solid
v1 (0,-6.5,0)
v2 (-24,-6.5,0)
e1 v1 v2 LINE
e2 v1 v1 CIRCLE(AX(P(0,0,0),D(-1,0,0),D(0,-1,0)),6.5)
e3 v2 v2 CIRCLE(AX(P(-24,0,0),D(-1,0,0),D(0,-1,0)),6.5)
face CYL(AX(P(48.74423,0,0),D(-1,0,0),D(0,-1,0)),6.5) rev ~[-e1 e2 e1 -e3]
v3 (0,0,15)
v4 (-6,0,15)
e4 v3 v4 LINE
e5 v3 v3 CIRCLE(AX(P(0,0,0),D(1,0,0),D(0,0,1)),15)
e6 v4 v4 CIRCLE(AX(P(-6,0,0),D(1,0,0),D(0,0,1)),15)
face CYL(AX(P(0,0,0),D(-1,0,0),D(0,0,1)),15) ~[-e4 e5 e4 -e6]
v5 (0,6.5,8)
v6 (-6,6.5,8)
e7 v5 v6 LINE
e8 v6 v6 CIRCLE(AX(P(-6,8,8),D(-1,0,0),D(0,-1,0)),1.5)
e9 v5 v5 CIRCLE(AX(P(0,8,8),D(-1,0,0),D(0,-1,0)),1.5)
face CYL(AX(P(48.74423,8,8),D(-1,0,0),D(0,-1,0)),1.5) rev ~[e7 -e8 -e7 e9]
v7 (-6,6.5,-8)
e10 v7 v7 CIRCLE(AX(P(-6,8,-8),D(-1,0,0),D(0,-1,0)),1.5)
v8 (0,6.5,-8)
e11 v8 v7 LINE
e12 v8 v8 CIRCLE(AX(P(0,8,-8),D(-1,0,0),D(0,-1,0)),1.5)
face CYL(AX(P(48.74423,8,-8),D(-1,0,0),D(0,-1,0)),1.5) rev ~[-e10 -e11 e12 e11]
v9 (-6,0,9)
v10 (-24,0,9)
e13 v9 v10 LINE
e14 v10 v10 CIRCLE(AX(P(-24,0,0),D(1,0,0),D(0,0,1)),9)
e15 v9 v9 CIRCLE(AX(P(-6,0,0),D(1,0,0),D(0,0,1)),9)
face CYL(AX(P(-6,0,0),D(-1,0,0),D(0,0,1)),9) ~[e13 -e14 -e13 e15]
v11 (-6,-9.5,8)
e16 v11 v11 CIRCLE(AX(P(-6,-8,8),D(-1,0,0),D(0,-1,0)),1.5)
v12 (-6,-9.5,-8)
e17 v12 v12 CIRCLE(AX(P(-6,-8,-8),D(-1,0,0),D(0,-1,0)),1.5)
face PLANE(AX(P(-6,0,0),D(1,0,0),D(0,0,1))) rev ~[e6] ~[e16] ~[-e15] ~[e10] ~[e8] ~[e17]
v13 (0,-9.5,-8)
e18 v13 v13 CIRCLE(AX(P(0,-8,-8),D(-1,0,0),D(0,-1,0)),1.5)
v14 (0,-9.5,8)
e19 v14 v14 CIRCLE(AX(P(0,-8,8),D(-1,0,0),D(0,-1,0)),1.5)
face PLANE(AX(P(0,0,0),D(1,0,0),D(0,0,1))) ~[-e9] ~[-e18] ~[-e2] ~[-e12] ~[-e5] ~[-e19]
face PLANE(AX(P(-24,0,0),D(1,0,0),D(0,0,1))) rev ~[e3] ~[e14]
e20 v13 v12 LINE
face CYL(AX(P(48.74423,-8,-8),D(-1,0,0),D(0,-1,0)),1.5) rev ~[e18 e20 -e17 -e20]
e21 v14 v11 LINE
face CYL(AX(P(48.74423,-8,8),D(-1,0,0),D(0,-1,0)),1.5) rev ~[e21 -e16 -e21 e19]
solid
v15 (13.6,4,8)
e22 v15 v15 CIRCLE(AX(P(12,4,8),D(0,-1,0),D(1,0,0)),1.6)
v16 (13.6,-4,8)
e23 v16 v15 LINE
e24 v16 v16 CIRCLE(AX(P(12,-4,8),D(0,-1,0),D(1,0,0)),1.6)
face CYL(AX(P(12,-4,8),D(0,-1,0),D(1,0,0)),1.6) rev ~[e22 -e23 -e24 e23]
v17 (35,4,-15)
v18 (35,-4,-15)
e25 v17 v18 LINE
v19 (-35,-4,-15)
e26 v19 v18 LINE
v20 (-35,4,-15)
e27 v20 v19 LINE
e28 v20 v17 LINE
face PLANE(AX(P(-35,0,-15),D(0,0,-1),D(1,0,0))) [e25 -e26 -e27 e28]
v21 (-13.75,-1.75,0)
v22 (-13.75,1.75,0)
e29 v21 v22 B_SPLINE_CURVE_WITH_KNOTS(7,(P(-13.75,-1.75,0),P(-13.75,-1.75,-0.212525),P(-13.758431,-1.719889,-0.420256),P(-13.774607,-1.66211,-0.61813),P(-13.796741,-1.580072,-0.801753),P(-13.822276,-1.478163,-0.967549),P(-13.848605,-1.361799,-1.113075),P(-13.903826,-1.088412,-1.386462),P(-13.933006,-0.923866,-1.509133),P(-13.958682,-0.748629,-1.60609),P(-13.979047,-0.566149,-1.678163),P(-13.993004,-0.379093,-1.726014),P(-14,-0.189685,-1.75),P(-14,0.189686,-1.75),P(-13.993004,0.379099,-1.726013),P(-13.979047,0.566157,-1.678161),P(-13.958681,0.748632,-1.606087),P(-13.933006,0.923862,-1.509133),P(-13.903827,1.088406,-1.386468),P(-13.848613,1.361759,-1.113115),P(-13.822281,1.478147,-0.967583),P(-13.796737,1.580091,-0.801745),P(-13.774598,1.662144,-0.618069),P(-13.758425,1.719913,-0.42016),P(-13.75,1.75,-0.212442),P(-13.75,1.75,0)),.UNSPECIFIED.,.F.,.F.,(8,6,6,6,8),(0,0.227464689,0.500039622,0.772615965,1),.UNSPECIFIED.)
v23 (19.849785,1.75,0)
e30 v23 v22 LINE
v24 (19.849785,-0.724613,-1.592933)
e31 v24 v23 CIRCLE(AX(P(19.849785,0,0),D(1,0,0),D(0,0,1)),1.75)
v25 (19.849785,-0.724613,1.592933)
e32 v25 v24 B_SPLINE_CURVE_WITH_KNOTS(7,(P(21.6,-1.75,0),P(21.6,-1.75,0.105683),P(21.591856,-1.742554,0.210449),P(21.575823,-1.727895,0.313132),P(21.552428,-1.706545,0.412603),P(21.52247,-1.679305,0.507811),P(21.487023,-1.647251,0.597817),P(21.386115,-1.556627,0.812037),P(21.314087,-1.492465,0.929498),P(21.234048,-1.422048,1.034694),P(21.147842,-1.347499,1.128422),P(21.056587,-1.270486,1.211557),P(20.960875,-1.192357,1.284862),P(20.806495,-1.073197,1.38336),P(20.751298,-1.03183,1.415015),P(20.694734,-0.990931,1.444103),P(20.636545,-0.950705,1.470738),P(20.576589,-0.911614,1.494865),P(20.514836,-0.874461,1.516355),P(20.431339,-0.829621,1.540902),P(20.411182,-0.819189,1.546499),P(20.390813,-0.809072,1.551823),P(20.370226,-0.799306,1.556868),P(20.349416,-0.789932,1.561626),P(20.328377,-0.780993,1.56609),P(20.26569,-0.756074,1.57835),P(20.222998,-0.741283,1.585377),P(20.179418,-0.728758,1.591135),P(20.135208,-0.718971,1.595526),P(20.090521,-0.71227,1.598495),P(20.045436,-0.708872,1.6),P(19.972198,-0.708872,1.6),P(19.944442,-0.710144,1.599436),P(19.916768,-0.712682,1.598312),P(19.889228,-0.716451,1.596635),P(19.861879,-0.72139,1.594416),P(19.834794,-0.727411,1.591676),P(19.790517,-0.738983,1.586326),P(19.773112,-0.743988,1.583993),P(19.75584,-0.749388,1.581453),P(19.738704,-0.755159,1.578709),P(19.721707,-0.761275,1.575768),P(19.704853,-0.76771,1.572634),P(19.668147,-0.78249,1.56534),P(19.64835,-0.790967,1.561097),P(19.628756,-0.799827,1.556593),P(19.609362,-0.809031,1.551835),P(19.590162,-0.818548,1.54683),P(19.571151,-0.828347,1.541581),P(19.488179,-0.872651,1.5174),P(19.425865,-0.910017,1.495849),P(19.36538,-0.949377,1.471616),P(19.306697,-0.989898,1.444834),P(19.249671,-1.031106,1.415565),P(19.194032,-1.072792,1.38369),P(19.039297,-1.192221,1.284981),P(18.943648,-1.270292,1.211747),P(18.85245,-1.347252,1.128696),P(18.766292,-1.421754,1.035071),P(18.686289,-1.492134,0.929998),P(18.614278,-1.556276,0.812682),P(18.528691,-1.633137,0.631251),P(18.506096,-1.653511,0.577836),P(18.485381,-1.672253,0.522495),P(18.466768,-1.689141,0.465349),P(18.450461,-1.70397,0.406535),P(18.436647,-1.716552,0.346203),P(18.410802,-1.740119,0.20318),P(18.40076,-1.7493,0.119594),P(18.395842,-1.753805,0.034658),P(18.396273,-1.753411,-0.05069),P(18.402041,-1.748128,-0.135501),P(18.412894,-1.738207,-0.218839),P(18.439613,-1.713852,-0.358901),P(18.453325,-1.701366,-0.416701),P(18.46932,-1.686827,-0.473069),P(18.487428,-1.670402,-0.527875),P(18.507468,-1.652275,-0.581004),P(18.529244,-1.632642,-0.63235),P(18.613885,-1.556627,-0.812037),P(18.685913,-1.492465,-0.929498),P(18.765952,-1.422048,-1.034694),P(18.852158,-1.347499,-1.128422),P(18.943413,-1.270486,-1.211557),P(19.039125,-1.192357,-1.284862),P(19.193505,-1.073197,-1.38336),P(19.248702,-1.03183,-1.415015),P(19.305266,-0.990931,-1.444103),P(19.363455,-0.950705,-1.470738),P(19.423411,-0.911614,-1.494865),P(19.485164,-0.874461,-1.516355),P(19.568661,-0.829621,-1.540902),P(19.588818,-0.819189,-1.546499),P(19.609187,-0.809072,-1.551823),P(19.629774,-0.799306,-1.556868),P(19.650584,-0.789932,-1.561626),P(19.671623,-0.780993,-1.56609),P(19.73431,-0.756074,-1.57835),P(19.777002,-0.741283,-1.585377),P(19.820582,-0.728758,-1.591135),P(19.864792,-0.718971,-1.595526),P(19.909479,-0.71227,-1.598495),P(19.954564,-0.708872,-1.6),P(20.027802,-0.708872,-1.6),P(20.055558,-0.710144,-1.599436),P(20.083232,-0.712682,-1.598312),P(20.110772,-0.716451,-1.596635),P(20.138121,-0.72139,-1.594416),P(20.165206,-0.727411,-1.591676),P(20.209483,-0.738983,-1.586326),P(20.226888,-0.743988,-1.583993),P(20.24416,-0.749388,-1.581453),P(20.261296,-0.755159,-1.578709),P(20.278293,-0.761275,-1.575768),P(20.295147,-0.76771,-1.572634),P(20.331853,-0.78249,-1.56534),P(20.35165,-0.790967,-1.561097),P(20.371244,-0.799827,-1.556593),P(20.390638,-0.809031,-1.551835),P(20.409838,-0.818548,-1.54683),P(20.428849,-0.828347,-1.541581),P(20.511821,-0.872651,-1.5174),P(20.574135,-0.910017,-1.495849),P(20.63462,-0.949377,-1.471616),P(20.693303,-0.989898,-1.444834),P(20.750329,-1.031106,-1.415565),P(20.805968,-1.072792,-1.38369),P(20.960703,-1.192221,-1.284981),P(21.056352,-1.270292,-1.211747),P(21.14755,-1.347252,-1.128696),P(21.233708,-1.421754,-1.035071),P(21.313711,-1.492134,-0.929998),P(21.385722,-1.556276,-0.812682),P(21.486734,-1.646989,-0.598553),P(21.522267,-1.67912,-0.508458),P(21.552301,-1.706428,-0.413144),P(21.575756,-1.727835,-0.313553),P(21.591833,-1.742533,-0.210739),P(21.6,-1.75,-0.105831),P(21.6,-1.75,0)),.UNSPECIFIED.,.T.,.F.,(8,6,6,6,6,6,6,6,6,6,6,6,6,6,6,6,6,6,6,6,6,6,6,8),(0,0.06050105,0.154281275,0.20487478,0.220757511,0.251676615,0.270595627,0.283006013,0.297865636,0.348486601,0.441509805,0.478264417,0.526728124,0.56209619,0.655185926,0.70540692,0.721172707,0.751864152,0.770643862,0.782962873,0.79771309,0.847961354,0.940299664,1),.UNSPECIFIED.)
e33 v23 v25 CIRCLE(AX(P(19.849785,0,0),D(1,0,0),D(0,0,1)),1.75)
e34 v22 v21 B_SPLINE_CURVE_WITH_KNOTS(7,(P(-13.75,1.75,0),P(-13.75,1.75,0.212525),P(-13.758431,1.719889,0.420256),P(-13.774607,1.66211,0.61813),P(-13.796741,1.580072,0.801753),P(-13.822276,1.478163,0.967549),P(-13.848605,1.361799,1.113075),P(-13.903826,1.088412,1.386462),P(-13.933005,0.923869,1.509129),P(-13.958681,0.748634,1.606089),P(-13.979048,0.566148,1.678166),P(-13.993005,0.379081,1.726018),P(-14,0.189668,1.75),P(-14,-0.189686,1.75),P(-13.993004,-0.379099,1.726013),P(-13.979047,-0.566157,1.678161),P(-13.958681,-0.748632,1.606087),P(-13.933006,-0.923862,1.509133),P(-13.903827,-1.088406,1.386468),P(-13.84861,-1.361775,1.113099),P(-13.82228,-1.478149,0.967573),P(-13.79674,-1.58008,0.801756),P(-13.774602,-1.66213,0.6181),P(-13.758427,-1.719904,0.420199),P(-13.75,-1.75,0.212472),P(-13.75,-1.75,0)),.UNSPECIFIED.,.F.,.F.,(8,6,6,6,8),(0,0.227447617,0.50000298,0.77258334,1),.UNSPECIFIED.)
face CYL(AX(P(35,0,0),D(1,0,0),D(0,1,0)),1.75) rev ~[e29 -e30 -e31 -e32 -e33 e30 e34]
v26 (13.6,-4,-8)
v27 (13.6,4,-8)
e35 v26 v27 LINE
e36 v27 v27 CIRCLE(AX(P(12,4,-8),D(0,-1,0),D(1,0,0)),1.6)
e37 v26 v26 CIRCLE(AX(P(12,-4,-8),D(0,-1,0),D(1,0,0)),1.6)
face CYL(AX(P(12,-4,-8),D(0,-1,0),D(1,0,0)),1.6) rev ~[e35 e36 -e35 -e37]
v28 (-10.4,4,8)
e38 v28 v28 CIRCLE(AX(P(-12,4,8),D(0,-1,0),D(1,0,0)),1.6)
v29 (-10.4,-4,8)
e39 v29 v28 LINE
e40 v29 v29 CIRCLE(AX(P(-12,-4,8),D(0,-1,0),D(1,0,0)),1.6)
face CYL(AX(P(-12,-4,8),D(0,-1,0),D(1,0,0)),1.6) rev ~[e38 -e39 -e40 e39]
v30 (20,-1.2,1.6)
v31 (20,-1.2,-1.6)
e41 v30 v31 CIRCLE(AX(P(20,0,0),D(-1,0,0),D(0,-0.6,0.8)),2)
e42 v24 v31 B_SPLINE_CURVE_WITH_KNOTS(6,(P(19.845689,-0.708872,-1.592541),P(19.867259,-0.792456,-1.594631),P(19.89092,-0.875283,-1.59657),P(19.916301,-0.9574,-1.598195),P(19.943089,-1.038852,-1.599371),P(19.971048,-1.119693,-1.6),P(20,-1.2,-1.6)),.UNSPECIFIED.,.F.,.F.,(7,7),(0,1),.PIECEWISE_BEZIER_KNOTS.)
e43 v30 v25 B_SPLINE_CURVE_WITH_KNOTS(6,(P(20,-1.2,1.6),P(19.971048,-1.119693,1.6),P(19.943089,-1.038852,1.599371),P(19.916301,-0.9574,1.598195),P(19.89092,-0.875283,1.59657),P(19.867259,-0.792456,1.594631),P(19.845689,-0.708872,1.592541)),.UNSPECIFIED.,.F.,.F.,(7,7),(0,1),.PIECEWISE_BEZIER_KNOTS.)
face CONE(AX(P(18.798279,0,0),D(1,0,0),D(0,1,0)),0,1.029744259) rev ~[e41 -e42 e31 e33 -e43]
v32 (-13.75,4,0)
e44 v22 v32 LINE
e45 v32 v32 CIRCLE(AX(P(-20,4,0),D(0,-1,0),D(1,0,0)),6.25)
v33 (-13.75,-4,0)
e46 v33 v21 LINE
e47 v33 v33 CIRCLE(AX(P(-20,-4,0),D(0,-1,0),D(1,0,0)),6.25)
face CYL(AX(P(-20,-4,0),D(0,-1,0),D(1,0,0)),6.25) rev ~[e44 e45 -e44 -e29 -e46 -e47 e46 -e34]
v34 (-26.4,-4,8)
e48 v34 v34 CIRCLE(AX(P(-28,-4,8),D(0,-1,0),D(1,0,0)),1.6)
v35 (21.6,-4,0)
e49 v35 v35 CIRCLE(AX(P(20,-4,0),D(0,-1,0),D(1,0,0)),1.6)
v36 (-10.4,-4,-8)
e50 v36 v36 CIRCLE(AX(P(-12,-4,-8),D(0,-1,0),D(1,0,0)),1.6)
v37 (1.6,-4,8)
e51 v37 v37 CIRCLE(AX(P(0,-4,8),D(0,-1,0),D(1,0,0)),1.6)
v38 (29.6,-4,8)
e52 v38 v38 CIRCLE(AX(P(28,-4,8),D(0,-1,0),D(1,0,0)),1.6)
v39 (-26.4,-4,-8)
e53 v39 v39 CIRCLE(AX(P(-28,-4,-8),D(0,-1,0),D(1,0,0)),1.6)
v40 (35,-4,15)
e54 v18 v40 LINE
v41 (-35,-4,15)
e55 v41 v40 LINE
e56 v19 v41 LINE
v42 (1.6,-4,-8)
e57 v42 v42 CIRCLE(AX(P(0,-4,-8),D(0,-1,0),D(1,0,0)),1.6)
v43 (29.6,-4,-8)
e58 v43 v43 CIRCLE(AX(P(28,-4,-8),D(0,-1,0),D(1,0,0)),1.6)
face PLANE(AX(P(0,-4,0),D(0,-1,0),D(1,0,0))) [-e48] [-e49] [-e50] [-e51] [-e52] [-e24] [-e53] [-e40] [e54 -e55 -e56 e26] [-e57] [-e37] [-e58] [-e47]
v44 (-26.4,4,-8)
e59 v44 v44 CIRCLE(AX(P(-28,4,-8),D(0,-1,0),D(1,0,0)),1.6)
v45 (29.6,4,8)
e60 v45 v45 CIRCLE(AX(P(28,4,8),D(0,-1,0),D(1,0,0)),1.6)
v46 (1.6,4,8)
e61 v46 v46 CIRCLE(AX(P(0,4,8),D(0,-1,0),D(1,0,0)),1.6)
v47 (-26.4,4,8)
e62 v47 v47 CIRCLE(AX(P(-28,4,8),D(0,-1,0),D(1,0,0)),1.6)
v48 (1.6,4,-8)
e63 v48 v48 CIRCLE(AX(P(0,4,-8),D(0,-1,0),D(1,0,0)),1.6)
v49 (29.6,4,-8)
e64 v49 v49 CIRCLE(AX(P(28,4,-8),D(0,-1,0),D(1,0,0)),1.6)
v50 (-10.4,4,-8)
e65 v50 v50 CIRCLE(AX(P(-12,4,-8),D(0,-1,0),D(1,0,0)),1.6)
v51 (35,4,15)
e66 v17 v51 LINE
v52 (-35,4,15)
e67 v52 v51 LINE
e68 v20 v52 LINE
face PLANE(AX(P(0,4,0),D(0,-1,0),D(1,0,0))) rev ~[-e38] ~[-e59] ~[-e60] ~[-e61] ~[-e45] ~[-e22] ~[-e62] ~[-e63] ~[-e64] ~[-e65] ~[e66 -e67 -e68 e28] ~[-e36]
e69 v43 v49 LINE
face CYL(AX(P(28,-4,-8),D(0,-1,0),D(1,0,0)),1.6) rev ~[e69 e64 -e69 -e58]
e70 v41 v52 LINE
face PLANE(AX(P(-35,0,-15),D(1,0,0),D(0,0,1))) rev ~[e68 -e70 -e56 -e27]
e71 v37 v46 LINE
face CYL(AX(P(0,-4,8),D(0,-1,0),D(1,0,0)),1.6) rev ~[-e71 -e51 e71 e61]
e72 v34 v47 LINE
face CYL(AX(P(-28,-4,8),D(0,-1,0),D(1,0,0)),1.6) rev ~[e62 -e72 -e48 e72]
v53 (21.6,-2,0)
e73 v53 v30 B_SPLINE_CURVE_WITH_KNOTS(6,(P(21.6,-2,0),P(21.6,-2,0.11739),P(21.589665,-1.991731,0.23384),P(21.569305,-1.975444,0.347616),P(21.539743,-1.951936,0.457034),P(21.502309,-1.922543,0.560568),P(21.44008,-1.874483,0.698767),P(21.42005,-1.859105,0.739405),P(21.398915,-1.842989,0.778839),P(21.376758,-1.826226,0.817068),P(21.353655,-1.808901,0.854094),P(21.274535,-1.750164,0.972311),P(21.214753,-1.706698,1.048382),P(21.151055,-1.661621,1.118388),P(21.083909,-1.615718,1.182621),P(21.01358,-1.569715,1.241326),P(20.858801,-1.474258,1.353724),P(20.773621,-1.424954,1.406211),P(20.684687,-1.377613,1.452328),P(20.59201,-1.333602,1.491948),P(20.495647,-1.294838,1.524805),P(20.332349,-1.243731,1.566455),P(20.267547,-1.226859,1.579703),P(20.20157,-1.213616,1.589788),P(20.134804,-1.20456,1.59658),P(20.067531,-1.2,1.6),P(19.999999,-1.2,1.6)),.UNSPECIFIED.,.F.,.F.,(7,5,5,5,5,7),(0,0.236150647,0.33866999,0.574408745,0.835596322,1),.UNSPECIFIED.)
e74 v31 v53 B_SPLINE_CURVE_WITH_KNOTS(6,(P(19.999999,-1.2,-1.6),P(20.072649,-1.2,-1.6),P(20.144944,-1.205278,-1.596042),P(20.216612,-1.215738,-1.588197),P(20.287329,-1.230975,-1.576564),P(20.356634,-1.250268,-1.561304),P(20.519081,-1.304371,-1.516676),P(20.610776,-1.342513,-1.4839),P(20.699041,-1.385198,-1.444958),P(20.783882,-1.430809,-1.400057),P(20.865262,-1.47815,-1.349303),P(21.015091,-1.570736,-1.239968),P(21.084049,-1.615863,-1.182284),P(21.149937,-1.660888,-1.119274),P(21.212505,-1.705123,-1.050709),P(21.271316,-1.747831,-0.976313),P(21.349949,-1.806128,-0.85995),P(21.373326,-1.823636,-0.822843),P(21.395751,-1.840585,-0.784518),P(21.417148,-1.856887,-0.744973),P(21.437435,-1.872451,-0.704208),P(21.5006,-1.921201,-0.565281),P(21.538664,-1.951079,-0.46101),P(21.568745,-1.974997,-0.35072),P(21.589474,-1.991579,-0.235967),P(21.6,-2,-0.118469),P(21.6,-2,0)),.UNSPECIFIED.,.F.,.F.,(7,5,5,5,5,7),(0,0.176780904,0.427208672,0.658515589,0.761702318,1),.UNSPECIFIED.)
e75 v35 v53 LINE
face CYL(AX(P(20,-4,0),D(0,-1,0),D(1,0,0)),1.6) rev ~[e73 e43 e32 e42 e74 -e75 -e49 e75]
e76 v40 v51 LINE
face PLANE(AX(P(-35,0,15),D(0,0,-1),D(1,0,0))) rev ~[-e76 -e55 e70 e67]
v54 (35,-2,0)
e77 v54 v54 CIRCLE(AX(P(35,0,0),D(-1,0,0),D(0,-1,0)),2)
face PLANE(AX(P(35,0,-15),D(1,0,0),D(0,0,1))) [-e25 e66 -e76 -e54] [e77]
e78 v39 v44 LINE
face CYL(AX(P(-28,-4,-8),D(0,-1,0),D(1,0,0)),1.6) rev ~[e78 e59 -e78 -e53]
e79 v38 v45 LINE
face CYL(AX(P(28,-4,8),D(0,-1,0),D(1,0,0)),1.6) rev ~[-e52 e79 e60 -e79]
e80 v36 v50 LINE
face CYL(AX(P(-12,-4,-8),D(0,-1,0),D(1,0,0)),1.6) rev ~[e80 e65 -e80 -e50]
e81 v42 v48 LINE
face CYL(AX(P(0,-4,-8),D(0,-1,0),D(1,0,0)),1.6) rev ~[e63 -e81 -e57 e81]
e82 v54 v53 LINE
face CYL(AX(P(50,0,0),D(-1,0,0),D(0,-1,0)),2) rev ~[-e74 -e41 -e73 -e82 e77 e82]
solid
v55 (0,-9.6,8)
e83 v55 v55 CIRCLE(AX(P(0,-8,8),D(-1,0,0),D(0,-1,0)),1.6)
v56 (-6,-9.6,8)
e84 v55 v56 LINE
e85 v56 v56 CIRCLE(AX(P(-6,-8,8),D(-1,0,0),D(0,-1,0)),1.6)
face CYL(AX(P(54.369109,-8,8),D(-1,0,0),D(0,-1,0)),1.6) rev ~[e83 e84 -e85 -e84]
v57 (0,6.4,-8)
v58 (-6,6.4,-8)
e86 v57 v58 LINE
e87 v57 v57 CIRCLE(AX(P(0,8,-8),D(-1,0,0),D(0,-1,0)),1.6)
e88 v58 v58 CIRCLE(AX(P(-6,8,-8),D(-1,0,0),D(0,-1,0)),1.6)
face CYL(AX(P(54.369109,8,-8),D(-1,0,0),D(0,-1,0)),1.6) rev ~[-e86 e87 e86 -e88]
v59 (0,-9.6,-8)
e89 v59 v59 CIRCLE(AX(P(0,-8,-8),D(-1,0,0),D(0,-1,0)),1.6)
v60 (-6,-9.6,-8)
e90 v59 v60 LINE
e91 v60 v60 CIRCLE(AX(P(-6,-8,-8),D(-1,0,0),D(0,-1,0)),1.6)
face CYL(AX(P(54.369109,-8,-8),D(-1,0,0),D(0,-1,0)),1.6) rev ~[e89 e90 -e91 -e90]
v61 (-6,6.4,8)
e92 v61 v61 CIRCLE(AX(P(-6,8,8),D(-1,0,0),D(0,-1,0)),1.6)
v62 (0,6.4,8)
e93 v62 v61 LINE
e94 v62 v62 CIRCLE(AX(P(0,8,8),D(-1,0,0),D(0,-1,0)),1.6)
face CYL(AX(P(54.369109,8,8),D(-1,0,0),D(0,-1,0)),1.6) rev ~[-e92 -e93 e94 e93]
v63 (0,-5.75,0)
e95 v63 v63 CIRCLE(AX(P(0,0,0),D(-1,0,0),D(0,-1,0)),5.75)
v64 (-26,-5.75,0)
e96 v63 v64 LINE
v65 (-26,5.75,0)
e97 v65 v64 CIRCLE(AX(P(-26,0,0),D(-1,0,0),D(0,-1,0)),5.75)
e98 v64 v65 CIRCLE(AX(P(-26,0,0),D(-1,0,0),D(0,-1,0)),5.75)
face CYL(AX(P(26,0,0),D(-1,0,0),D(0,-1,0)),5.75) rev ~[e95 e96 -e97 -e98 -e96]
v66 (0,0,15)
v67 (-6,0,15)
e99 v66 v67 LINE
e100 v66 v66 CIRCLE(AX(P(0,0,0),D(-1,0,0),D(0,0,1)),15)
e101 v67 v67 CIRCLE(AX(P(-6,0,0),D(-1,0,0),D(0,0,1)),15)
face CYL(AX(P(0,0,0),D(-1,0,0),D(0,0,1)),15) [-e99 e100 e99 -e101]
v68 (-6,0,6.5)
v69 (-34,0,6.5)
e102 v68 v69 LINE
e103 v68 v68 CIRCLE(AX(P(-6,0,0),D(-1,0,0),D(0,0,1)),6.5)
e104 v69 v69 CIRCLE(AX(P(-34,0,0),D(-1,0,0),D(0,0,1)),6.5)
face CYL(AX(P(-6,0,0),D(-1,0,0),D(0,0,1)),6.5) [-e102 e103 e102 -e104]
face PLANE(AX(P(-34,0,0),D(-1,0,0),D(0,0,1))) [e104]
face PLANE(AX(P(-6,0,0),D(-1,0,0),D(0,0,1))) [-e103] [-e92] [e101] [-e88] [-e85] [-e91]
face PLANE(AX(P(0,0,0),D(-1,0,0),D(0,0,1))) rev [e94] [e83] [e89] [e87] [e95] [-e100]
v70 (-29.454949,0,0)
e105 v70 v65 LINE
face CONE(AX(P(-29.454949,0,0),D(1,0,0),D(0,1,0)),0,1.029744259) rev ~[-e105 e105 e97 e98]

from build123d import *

# Parameters (mm, degrees)
F0_W      = 70
F0_H      = 30
F1_DEPTH  = 4
F2_R      = 6.25
F2_R_2    = 1.6
F3_DEPTH  = 8.001
F4_R      = 1.6
F5_DEPTH  = 4
F6_R      = 1.75
F7_DEPTH  = 50.0000001
F12_D     = 3
F13_D     = 13
F14_D     = 4
F14_DEPTH = 15
F14_TIP   = 1.2017212381
F17_D     = 3.2
F18_D     = 11.5
F18_DEPTH = 26
F18_TIP   = 3.4549485594


with BuildPart() as f1:
    # F0 (on Front) → F1 (new body, symmetric)
    with BuildSketch(Plane.XZ):
        Rectangle(F0_W, F0_H)
    extrude(amount=F1_DEPTH, both=True)

    # F2 (on face) → F3 (cut, through all)
    with BuildSketch(Plane.XZ.offset(4)):
        with Locations((-20, 0)):
            Circle(F2_R)
        with Locations((-28, 8)):
            Circle(F2_R_2)
        with Locations((-12, 8)):
            Circle(F2_R_2)
        with Locations((12, 8)):
            Circle(F2_R_2)
        with Locations((28, 8)):
            Circle(F2_R_2)
        with Locations((28, -8)):
            Circle(F2_R_2)
        with Locations((12, -8)):
            Circle(F2_R_2)
        with Locations((-12, -8)):
            Circle(F2_R_2)
        with Locations((-28, -8)):
            Circle(F2_R_2)
        with Locations((0, 8)):
            Circle(F2_R_2)
        with Locations((0, -8)):
            Circle(F2_R_2)
    extrude(amount=-F3_DEPTH, mode=Mode.SUBTRACT)

    # F4 (on face) → F5 (cut)
    with BuildSketch(Plane.XZ.offset(4)):
        with Locations((20, 0)):
            Circle(F4_R)
    extrude(amount=-F5_DEPTH, mode=Mode.SUBTRACT)

    # F6 (on face) → F7 (cut, up to face)
    with BuildSketch(Plane.YZ.offset(35)):
        Circle(F6_R)
    extrude(amount=-F7_DEPTH, mode=Mode.SUBTRACT)

    # F14
    with Locations(Plane.YZ.offset(35)):
        with Locations((0, 0)):
            Hole(F14_D / 2, depth=F14_DEPTH)
            with Locations((0, 0, -(F14_DEPTH + F14_TIP / 2))):  # 118° drill point
                Cone(0, F14_D / 2, F14_TIP, mode=Mode.SUBTRACT)


with BuildPart() as f10:
    # F9 (on Front) → F10 (revolve)
    with BuildSketch(Plane.XZ):
        Polygon((-24, 9), (-24, 0), (0, 0), (0, 15), (-6, 15), (-6, 9), align=None)
    revolve(axis=Axis((-12, 0, 0), (1, 0, 0)))

    # F12 (through all)
    with Locations(Plane.YZ):
        with Locations((-8, 8), (8, 8), (8, -8), (-8, -8)):
            Hole(F12_D / 2)

    # F13 (through all)
    with Locations(Plane.YZ):
        with Locations((0, 0)):
            Hole(F13_D / 2)


with BuildPart() as f16:
    # F15 (on Front) → F16 (revolve)
    with BuildSketch(Plane.XZ):
        Polygon((-34, 0), (0, 0), (0, 15), (-6, 15), (-6, 6.5), (-34, 6.5), align=None)
    revolve(axis=Axis((-17, 0, 0), (-1, 0, 0)))

    # F17 (through all)
    with Locations(Plane.YZ):
        with Locations((-8, 8), (8, 8), (8, -8), (-8, -8)):
            Hole(F17_D / 2)

    # F18
    with Locations(Plane.YZ):
        with Locations((0, 0)):
            Hole(F18_D / 2, depth=F18_DEPTH)
            with Locations((0, 0, -(F18_DEPTH + F18_TIP / 2))):  # 118° drill point
                Cone(0, F18_D / 2, F18_TIP, mode=Mode.SUBTRACT)


solid = Compound([f1.part, f10.part, f16.part])
